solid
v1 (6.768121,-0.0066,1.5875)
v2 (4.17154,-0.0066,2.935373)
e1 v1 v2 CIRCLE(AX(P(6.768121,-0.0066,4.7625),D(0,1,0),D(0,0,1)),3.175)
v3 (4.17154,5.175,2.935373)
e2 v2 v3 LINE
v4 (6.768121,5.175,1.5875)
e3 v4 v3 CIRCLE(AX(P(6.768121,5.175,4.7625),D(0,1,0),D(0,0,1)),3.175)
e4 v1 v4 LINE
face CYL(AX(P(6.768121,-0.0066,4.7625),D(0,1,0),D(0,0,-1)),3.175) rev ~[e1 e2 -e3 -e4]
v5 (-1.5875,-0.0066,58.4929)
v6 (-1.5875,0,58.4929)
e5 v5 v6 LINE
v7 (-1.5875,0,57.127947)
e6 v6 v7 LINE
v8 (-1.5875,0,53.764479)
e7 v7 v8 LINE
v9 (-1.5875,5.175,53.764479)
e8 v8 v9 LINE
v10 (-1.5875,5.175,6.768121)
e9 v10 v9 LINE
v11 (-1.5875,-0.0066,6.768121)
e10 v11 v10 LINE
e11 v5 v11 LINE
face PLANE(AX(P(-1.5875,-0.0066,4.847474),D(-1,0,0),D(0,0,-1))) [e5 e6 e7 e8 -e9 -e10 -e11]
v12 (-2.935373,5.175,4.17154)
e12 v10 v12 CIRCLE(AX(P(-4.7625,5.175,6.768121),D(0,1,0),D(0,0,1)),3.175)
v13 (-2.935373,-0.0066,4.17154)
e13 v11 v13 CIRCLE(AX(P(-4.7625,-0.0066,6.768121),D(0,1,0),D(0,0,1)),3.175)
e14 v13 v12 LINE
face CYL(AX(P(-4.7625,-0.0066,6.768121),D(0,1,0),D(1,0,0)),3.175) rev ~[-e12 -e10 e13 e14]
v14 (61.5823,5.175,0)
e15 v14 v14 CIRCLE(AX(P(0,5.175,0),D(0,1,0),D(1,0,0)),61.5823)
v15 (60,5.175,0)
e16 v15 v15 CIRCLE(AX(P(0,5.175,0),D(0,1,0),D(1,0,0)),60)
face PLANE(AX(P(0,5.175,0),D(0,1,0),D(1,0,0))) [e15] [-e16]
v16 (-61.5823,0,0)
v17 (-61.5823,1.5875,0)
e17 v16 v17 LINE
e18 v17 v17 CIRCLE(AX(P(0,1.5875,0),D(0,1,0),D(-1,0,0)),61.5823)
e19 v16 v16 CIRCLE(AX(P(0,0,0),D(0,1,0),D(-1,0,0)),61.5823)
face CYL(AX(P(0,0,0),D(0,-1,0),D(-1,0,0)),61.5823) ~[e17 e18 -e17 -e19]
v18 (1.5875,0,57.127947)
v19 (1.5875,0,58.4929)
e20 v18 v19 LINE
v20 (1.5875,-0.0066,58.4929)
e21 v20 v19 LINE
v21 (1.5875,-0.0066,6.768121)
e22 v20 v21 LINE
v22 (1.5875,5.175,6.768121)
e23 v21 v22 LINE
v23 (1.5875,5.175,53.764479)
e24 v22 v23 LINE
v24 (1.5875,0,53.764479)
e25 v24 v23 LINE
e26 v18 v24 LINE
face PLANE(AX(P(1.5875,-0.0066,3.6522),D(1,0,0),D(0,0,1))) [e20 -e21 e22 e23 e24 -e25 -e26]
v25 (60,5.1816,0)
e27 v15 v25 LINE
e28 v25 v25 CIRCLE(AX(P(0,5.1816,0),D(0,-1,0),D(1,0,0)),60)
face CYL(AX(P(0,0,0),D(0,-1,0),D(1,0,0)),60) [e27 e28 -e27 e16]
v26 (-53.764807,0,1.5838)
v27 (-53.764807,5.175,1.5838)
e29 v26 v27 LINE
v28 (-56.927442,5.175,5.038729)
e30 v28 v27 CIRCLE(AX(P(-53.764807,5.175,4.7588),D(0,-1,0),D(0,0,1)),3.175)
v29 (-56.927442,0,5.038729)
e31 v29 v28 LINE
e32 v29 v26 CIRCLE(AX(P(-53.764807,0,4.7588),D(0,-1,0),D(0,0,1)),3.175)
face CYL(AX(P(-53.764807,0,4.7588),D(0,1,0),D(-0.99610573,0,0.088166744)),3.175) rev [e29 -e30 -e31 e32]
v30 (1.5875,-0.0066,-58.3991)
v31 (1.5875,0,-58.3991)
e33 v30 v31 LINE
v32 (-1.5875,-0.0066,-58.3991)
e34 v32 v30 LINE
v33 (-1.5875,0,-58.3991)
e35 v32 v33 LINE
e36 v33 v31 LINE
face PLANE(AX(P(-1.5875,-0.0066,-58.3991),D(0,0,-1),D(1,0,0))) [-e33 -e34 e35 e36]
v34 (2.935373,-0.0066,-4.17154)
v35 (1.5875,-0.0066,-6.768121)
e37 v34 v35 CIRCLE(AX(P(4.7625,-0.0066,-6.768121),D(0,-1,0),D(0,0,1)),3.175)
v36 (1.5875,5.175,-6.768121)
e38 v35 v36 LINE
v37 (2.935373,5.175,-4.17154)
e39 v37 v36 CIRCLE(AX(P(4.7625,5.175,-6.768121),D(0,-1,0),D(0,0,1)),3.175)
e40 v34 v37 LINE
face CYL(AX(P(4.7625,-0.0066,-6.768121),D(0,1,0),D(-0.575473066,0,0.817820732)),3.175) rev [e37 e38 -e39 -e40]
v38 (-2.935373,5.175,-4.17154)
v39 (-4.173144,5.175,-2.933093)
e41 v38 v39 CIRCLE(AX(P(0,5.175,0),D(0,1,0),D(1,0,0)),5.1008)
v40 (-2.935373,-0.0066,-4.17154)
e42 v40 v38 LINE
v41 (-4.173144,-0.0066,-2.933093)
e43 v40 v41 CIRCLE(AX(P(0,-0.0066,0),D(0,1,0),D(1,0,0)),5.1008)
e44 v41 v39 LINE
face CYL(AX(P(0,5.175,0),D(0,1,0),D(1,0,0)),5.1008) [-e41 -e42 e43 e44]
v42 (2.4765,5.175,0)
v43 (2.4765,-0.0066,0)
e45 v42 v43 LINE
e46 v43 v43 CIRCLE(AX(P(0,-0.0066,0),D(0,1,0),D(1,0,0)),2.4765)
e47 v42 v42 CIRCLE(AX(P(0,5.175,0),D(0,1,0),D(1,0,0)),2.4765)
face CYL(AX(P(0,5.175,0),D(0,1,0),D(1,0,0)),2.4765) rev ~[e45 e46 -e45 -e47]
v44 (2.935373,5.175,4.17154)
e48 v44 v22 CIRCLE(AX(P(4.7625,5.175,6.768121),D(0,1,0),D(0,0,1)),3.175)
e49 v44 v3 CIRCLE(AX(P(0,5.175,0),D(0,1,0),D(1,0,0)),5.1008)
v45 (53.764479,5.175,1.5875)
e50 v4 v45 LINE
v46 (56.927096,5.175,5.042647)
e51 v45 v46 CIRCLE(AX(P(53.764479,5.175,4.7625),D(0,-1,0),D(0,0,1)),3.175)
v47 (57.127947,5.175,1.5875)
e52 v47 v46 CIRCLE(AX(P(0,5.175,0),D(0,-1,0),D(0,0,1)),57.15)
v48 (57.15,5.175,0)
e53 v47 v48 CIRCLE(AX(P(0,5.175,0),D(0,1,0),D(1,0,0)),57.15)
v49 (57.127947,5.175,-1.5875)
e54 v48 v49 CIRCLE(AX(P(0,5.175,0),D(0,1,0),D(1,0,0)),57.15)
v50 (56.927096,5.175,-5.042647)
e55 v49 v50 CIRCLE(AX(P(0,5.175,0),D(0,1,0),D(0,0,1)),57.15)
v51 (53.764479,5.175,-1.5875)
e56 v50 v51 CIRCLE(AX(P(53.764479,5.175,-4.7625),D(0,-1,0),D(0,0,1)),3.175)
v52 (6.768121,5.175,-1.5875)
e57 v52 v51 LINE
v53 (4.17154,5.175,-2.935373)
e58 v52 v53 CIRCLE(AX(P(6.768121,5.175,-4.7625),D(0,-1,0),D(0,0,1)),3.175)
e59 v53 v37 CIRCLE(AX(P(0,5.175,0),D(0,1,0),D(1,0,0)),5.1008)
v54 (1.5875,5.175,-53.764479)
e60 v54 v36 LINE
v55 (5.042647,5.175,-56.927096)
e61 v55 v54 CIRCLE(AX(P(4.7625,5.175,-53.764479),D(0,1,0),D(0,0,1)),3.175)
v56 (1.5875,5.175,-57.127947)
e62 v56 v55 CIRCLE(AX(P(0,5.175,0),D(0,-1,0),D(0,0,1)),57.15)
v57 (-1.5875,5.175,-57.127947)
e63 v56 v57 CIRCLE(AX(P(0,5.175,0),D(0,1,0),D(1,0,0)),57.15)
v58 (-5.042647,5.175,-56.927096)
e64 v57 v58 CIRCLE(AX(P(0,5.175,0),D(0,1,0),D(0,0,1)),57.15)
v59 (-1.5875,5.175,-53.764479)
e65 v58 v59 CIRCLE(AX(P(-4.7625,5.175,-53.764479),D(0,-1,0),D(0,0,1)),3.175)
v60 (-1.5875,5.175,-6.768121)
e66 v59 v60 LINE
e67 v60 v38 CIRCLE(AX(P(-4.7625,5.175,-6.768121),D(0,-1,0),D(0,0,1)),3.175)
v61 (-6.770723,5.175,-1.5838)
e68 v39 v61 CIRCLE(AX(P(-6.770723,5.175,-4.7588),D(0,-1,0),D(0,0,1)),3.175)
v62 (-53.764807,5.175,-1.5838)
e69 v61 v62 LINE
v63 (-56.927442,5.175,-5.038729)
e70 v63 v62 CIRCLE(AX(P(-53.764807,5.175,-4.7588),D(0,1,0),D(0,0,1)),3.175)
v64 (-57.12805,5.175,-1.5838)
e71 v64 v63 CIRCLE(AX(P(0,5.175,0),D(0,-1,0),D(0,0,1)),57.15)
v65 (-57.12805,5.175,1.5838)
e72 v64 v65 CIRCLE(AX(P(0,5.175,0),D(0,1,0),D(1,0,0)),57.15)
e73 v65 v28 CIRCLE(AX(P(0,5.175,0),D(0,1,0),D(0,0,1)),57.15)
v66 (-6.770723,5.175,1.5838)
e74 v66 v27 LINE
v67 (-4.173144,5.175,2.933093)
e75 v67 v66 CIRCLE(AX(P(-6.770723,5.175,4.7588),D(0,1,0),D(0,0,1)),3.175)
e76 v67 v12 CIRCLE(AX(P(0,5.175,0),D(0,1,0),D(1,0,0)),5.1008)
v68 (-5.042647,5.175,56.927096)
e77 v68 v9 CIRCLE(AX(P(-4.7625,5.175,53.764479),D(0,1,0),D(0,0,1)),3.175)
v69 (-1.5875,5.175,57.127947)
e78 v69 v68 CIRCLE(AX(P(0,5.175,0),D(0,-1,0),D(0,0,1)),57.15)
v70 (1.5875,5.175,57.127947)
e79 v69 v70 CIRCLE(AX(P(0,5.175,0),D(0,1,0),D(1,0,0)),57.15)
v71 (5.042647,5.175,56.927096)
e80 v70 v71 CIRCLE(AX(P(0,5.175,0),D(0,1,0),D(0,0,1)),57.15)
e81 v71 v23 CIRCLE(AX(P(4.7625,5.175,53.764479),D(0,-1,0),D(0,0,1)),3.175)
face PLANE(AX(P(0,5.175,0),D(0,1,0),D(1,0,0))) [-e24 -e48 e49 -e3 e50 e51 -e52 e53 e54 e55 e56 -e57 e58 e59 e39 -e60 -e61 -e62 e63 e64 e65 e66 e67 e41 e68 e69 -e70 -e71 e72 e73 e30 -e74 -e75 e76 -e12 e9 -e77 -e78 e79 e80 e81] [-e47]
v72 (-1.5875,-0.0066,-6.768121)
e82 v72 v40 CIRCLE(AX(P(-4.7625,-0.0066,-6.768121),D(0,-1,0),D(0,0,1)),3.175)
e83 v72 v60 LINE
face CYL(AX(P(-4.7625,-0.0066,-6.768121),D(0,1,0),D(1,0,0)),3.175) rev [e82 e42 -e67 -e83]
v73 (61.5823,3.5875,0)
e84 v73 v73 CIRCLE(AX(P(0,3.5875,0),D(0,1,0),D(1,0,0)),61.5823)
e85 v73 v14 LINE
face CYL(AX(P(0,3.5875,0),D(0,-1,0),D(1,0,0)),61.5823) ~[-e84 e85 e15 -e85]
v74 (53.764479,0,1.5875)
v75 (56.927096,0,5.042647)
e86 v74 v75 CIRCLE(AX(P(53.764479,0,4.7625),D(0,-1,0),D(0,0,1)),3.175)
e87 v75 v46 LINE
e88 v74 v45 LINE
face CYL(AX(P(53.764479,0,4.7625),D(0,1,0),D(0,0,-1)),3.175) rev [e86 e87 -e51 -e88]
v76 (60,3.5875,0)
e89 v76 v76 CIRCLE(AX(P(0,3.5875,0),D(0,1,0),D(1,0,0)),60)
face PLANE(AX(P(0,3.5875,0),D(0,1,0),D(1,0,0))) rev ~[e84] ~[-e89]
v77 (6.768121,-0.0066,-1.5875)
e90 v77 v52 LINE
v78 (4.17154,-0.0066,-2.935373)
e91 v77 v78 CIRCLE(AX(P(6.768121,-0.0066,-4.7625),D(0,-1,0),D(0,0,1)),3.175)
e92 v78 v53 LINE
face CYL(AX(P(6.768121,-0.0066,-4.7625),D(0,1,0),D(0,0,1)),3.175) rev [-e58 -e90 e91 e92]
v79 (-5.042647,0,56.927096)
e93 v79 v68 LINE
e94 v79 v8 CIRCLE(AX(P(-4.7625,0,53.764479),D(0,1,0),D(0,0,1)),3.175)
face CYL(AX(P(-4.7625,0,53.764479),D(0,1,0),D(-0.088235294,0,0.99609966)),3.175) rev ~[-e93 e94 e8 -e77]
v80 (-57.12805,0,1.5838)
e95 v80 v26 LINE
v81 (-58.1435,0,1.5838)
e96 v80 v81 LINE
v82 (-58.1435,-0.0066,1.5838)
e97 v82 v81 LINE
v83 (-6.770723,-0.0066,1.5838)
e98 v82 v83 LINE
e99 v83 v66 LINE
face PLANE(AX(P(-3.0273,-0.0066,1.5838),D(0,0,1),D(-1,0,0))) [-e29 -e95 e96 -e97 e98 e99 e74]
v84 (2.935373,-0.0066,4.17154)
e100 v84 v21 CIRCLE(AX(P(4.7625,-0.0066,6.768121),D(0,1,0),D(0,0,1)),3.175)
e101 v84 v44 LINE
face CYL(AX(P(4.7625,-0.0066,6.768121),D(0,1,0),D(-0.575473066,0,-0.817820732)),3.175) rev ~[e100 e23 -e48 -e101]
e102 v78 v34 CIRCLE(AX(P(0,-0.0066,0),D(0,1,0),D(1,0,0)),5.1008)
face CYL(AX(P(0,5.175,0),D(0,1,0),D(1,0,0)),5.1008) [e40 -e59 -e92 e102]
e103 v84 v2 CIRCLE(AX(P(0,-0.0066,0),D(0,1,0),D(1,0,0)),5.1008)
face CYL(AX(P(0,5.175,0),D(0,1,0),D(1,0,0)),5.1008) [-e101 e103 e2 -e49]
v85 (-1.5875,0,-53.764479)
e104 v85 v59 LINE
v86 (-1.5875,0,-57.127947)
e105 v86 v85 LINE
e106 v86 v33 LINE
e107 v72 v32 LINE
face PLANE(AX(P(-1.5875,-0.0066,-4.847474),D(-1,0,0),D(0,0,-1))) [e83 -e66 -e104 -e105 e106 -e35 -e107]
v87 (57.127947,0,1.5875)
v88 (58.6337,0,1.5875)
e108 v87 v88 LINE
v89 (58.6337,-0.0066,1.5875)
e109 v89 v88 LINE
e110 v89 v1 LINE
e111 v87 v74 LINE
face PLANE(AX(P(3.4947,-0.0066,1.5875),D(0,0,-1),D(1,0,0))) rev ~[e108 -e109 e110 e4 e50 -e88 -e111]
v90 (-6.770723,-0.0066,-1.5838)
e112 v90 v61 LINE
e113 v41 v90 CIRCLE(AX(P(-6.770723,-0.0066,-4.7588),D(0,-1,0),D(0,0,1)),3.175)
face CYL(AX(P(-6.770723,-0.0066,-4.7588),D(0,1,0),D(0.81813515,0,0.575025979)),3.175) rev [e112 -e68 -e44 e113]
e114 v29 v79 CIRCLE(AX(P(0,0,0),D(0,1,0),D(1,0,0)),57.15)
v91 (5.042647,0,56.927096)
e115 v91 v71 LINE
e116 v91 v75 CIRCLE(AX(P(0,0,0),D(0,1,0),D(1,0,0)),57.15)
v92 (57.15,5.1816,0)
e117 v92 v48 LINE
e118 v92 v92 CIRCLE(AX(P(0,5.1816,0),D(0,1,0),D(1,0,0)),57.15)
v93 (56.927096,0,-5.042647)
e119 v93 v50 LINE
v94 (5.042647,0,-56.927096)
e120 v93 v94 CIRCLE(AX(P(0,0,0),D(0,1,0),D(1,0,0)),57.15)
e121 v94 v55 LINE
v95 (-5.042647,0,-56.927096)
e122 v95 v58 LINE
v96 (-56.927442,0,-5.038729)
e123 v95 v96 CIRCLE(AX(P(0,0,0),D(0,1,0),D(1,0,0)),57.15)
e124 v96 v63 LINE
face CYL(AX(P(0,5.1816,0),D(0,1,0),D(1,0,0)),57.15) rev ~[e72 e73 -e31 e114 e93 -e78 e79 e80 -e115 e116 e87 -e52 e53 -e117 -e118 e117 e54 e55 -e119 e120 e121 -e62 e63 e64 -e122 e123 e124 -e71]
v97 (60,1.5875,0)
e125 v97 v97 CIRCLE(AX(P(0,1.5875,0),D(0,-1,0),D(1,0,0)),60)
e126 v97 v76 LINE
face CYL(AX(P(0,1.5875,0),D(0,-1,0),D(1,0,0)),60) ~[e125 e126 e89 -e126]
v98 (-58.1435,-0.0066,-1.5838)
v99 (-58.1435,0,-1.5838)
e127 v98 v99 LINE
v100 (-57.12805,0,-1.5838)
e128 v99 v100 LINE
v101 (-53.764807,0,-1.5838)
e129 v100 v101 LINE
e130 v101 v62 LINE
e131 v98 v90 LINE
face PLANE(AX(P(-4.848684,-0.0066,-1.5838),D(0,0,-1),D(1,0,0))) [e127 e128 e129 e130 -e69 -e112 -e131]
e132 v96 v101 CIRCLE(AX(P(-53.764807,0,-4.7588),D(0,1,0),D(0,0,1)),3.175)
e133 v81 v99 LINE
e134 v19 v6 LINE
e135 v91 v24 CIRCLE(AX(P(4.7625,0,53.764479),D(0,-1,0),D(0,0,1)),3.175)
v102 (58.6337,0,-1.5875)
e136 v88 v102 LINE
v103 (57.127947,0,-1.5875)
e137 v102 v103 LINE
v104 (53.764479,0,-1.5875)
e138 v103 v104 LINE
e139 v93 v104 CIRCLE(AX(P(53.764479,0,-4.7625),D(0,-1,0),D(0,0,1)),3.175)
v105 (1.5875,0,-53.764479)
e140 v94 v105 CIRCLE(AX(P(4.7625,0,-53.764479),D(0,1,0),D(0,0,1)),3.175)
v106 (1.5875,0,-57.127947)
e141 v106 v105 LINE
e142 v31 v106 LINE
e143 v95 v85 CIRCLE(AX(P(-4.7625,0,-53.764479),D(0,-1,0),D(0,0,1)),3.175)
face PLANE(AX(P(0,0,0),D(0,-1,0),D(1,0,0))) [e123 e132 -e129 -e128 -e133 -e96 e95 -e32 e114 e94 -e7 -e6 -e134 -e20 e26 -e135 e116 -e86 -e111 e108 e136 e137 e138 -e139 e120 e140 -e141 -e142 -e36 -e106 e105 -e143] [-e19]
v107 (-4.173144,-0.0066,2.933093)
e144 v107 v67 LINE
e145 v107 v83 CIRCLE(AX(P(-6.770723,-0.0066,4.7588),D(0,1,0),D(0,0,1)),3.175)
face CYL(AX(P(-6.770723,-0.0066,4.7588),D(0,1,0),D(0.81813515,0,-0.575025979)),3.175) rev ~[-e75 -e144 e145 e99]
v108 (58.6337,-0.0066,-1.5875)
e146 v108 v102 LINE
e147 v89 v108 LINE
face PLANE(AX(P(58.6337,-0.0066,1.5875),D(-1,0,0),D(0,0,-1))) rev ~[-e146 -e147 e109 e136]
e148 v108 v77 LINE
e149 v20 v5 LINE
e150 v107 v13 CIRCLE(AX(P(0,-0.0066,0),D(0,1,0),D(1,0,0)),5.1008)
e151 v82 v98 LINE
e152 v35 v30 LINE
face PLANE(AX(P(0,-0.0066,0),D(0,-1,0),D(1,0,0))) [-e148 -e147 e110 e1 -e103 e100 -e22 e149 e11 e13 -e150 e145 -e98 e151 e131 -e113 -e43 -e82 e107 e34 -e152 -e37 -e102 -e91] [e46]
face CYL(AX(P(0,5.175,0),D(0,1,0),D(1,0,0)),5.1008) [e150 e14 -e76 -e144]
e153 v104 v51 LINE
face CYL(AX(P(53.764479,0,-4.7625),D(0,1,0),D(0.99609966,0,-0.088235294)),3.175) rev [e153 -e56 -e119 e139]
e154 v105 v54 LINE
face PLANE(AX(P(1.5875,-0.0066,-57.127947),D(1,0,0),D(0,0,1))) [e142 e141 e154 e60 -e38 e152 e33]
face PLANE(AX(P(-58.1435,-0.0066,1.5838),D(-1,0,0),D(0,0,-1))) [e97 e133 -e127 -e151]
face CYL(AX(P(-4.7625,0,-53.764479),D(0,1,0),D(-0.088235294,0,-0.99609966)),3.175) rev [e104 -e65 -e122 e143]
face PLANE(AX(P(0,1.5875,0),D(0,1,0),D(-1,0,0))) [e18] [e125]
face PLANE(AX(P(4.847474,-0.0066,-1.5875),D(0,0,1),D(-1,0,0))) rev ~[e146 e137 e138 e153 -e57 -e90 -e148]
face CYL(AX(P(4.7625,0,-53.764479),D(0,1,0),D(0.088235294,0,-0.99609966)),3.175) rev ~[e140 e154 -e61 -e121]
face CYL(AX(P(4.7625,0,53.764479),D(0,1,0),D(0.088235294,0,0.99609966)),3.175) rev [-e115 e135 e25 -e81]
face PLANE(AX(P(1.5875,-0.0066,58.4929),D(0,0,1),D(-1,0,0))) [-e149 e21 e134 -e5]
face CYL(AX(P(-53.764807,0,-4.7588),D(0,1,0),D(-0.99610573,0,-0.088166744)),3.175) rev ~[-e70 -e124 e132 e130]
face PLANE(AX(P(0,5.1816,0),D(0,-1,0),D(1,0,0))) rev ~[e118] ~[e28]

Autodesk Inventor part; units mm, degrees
ref_plane "YZ Plane" through (0, 0, 0) normal (1, 0, 0) x (0, 1, 0)
ref_plane "XZ Plane" through (0, 0, 0) normal (0, 1, 0) x (-1, 0, 0)
ref_plane "XY Plane" through (0, 0, 0) normal (0, 0, 1) x (1, 0, 0)
sketch "Sketch1" plane through (0, 0, 0) normal (0, 1, 0) x (-1, 0, 0)
  circle A0 centre (0, 0) radius 60
  circle A1 centre (0, 0) radius 61.5823
  dimension "d0" = 120
  dimension "d1" = 123.1646
extrude "Extrusion1" add sketch "Sketch1" along normal blind 1.5875
sketch "Sketch2" plane through (0, 1.5875, 0) normal (0, 1, 0) x (1, 0, 0)
  circle A0 centre (0, 0) radius 60
  circle A1 centre (0, 0) radius 57.15
  dimension "d4" = 114.3
extrude "Extrusion2" add sketch "Sketch2" along normal blind 2
sketch "Sketch3" plane through (0, 3.5875, 0) normal (0, 1, 0) x (1, 0, 0)
  circle A0 centre (0, 0) radius 60
  circle A1 centre (0, 0) radius 61.5823
extrude "Extrusion3" add sketch "Sketch3" along normal blind 1.5875
sketch "Sketch4" plane through (0, 0, 0) normal (0, -1, 0) x (1, 0, 0)
  circle A0 centre (0, 0) radius 60
extrude "Extrusion4" add sketch "Sketch4" against normal blind 5.1816
sketch "Sketch5" plane through (0, 5.1816, 0) normal (0, 1, 0) x (1, 0, 0)
  circle A0 centre (0, 0) radius 57.15
  dimension "d11" = 114.3
extrude "Extrusion5" cut sketch "Sketch5" against normal blind 5.1816
sketch "Sketch6" plane through (0, 5.175, 0) normal (0, 1, 0) x (1, 0, 0)
  circle A0 centre (0, 0) radius 2.4765
  circle A1 centre (0, 0) radius 5.1008
  dimension "d14" = 4.953
extrude "Extrusion6" add sketch "Sketch6" against normal blind 5.1816
sketch "Sketch7" plane through (0, -0.0066, 0) normal (0, -1, 0) x (1, 0, 0)
  circle A0 centre (0, 0) radius 5.1008 projected
  circle A1 centre (0, 0) radius 57.15 projected
  line L0 (-3.0273, 1.5838) -> (-58.1435, 1.5838)
  line L1 (-58.1435, 1.5838) -> (-58.1435, -1.5838)
  line L2 (-58.1435, -1.5838) -> (-3.0273, -1.5838)
  line L3 (-3.0273, -1.5838) -> (-3.0273, 1.5838)
  line L4 (-3.0273, 1.5838) -> (-58.1435, -1.5838) construction
  line L5 (-58.1435, 1.5838) -> (-3.0273, -1.5838) construction
  line L6 (1.5875, 58.4929) -> (-1.5875, 58.4929)
  line L7 (-1.5875, 58.4929) -> (-1.5875, 3.6522)
  line L8 (-1.5875, 3.6522) -> (1.5875, 3.6522)
  line L9 (1.5875, 3.6522) -> (1.5875, 58.4929)
  line L10 (1.5875, 58.4929) -> (-1.5875, 3.6522) construction
  line L11 (-1.5875, 58.4929) -> (1.5875, 3.6522) construction
  line L12 (58.6337, -1.5875) -> (3.4947, -1.5875)
  line L13 (3.4947, -1.5875) -> (3.4947, 1.5875)
  line L14 (3.4947, 1.5875) -> (58.6337, 1.5875)
  line L15 (58.6337, 1.5875) -> (58.6337, -1.5875)
  line L16 (58.6337, -1.5875) -> (3.4947, 1.5875) construction
  line L17 (3.4947, -1.5875) -> (58.6337, 1.5875) construction
  line L18 (1.5875, -3.7293) -> (-1.5875, -3.7293)
  line L19 (-1.5875, -3.7293) -> (-1.5875, -58.3991)
  line L20 (-1.5875, -58.3991) -> (1.5875, -58.3991)
  line L21 (1.5875, -58.3991) -> (1.5875, -3.7293)
  line L22 (1.5875, -3.7293) -> (-1.5875, -58.3991) construction
  line L23 (-1.5875, -3.7293) -> (1.5875, -58.3991) construction
  point P0 (-30.5854, 0)
  point P1 (0, 31.0726)
  point P2 (31.0642, 0)
  point P3 (0, -31.0642)
  dimension "d17" = 3.175
  dimension "d18" = 3.175
extrude "Extrusion7" add sketch "Sketch7" against normal blind 5.1816 contours A0 L12 L13 L14 | A0 L14 A1 L12 | L9 L8 L7 A0 | A0 L7 A1 L9 | L14 L15 L12 A1 | L21 A1 L19 A0 | A0 L19 L18 L21 | A1 L7 L6 L9 | L21 L20 L19 A1 | L0 L3 L2 A0 | A0 L2 A1 L0 | A1 L2 L1 L0
fillet "Fillet1" radius 3.175 8 edges at (57.1279, 2.5875, 1.5875) (57.1279, 2.5875, -1.5875) (-1.5875, 2.5875, 57.1279) (1.5875, 2.5875, 57.1279) (-57.128, 2.5875, 1.5838) (-57.128, 2.5875, -1.5838) (-1.5875, 2.5875, -57.1279) (1.5875, 2.5875, -57.1279)
fillet "Fillet2" radius 3.175 8 edges at (4.8475, 2.5842, -1.5875) (1.5875, 2.5842, -4.8475) (-1.5875, 2.5842, 4.8475) (-4.8487, 2.5842, 1.5838) (-1.5875, 2.5842, -4.8475) (-4.8487, 2.5842, -1.5838) (4.8475, 2.5842, 1.5875) (1.5875, 2.5842, 4.8475)
properties part number "MTV Front Brake Axle (11.19)"
